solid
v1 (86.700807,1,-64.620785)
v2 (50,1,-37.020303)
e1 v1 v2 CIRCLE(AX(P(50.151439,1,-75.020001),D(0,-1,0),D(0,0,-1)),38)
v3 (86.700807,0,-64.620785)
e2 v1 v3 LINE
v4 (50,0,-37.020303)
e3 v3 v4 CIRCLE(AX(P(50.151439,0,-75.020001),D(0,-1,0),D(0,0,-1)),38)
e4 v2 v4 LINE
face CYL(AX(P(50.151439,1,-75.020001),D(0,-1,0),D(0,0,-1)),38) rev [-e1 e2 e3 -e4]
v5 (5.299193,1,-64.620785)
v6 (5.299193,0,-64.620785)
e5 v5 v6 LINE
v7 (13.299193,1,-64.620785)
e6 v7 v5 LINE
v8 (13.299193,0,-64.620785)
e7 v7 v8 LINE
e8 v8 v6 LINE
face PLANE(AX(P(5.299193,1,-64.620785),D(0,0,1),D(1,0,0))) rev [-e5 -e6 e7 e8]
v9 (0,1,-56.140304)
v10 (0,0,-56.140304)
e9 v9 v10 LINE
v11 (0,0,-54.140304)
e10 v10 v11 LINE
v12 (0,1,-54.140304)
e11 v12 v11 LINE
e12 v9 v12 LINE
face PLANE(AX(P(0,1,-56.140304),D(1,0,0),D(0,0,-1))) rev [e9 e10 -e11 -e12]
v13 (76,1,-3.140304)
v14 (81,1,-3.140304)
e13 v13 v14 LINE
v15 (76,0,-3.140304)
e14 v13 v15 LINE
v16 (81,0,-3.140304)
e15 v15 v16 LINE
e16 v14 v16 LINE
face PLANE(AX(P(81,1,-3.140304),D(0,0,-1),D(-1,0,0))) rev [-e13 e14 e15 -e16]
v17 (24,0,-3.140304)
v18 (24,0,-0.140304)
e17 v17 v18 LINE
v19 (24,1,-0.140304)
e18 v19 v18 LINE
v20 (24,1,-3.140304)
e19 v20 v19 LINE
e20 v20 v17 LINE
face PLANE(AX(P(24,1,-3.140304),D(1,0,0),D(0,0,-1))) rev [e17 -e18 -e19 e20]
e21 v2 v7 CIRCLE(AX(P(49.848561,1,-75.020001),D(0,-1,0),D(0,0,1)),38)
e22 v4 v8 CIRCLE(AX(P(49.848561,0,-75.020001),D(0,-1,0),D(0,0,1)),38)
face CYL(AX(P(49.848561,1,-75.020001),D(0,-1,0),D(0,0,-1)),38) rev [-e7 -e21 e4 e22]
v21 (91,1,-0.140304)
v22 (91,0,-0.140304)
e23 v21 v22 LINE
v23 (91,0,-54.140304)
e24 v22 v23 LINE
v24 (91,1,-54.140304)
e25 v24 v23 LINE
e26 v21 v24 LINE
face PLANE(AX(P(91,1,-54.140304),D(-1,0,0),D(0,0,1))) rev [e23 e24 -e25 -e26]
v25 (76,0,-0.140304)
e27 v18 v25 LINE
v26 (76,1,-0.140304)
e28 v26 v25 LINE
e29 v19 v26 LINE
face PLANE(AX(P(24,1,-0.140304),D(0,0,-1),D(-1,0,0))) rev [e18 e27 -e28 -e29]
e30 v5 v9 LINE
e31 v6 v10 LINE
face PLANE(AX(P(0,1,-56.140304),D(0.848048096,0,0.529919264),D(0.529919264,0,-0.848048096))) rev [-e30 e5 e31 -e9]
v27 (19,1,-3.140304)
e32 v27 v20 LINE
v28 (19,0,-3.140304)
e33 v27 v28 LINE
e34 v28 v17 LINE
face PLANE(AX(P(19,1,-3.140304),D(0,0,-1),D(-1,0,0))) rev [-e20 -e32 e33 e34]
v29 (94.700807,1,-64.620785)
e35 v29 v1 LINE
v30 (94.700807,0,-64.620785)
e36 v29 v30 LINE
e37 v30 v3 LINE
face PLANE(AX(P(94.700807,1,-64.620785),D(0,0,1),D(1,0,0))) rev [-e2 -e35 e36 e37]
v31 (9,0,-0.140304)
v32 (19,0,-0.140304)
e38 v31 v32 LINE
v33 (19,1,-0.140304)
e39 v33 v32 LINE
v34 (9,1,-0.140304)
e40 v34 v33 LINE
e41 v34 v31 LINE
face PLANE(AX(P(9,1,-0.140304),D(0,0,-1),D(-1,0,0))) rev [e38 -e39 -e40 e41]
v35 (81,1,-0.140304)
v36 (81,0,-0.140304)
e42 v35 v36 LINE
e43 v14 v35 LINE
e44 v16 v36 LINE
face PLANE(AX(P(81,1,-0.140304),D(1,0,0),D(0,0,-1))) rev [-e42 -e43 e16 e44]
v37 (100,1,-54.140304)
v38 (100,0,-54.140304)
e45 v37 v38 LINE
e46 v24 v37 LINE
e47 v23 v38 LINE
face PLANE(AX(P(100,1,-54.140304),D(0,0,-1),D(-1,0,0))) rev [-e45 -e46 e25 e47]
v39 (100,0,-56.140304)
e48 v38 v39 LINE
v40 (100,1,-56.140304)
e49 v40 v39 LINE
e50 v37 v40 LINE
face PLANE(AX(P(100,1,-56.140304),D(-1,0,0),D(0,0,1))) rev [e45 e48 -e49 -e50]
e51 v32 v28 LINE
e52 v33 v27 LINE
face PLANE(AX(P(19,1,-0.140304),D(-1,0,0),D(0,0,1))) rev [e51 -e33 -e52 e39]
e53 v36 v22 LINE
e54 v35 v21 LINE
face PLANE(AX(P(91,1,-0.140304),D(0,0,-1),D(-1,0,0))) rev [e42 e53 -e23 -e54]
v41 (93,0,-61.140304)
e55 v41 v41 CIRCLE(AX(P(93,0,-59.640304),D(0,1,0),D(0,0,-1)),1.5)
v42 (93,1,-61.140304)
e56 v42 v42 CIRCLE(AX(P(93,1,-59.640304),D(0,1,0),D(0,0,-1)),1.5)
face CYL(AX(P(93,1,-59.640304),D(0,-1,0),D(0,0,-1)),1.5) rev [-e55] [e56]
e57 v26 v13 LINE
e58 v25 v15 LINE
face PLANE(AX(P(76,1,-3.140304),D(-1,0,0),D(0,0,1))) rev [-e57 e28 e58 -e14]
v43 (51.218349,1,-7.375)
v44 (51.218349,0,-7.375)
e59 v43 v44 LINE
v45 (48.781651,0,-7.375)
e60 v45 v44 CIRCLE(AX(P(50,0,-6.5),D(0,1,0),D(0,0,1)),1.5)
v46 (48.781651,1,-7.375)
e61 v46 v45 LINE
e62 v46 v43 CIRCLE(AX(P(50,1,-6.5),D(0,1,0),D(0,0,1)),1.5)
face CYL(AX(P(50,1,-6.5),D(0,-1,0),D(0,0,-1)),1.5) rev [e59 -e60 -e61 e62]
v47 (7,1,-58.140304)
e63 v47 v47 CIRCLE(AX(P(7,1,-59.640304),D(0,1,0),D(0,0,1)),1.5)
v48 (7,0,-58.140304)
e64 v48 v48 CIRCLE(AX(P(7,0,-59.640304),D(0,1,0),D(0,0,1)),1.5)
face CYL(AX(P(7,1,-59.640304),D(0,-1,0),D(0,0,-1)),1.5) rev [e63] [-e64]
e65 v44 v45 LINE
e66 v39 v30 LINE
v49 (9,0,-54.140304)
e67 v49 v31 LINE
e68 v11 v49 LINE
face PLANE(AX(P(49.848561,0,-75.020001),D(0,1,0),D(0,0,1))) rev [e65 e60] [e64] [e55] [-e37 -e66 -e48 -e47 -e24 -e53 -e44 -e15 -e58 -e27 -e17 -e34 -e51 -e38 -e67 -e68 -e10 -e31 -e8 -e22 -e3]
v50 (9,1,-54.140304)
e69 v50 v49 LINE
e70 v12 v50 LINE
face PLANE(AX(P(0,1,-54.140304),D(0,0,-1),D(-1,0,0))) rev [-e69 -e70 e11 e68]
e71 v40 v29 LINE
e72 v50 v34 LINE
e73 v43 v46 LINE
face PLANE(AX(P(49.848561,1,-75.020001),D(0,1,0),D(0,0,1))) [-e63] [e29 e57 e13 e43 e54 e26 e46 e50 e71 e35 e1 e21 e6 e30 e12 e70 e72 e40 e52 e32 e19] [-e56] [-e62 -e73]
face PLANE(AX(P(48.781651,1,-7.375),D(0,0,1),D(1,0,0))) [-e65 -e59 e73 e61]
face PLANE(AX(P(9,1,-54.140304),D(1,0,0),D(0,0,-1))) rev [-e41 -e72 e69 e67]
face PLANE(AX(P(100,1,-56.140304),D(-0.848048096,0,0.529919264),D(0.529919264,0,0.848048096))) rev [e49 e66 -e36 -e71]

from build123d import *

# Parameters (mm, degrees)
BASE_R                   = 1.5
RESSALTO_EXTRUS_O1_DEPTH = 1


with BuildPart() as part:
    # Base → Ressalto-extrusão1 (new body)
    with BuildSketch(Plane(origin=(0, 0, 0), x_dir=(1, 0, 0), z_dir=(0, 1, 0))):
        with BuildLine():
            Line((0, 56.140303816), (5.299192642, 64.620784778))
            Line((5.299192642, 64.620784778), (13.299192642, 64.620784778))
            ThreePointArc((13.299192642, 64.620784778), (27.008925086, 44.649768212), (50, 37.020302921))
            ThreePointArc((50, 37.020302921), (72.991074914, 44.649768212), (86.700807358, 64.620784778))
            Line((86.700807358, 64.620784778), (94.700807358, 64.620784778))
            Line((94.700807358, 64.620784778), (100, 56.140303816))
            Line((100, 56.140303816), (100, 54.140303816))
            Line((100, 54.140303816), (91, 54.140303816))
            Line((91, 54.140303816), (91, 0.140303816))
            Line((91, 0.140303816), (81, 0.140303816))
            Line((81, 0.140303816), (81, 3.140303816))
            Line((81, 3.140303816), (76, 3.140303816))
            Line((76, 3.140303816), (76, 0.140303816))
            Line((76, 0.140303816), (24, 0.140303816))
            Line((24, 0.140303816), (24, 3.140303816))
            Line((24, 3.140303816), (19, 3.140303816))
            Line((19, 3.140303816), (19, 0.140303816))
            Line((19, 0.140303816), (9, 0.140303816))
            Line((9, 0.140303816), (9, 54.140303816))
            Line((9, 54.140303816), (0, 54.140303816))
            Line((0, 54.140303816), (0, 56.140303816))
        make_face()
        with Locations((7, 59.640303816)):
            Circle(BASE_R, mode=Mode.SUBTRACT)
        with Locations((93, 59.640303816)):
            Circle(BASE_R, mode=Mode.SUBTRACT)
        with BuildLine():
            Line((48.781650707, 7.375), (51.218349293, 7.375))
            ThreePointArc((51.218349293, 7.375), (50, 5), (48.781650707, 7.375))
        make_face(mode=Mode.SUBTRACT)
    extrude(amount=RESSALTO_EXTRUS_O1_DEPTH)


solid = part.part
